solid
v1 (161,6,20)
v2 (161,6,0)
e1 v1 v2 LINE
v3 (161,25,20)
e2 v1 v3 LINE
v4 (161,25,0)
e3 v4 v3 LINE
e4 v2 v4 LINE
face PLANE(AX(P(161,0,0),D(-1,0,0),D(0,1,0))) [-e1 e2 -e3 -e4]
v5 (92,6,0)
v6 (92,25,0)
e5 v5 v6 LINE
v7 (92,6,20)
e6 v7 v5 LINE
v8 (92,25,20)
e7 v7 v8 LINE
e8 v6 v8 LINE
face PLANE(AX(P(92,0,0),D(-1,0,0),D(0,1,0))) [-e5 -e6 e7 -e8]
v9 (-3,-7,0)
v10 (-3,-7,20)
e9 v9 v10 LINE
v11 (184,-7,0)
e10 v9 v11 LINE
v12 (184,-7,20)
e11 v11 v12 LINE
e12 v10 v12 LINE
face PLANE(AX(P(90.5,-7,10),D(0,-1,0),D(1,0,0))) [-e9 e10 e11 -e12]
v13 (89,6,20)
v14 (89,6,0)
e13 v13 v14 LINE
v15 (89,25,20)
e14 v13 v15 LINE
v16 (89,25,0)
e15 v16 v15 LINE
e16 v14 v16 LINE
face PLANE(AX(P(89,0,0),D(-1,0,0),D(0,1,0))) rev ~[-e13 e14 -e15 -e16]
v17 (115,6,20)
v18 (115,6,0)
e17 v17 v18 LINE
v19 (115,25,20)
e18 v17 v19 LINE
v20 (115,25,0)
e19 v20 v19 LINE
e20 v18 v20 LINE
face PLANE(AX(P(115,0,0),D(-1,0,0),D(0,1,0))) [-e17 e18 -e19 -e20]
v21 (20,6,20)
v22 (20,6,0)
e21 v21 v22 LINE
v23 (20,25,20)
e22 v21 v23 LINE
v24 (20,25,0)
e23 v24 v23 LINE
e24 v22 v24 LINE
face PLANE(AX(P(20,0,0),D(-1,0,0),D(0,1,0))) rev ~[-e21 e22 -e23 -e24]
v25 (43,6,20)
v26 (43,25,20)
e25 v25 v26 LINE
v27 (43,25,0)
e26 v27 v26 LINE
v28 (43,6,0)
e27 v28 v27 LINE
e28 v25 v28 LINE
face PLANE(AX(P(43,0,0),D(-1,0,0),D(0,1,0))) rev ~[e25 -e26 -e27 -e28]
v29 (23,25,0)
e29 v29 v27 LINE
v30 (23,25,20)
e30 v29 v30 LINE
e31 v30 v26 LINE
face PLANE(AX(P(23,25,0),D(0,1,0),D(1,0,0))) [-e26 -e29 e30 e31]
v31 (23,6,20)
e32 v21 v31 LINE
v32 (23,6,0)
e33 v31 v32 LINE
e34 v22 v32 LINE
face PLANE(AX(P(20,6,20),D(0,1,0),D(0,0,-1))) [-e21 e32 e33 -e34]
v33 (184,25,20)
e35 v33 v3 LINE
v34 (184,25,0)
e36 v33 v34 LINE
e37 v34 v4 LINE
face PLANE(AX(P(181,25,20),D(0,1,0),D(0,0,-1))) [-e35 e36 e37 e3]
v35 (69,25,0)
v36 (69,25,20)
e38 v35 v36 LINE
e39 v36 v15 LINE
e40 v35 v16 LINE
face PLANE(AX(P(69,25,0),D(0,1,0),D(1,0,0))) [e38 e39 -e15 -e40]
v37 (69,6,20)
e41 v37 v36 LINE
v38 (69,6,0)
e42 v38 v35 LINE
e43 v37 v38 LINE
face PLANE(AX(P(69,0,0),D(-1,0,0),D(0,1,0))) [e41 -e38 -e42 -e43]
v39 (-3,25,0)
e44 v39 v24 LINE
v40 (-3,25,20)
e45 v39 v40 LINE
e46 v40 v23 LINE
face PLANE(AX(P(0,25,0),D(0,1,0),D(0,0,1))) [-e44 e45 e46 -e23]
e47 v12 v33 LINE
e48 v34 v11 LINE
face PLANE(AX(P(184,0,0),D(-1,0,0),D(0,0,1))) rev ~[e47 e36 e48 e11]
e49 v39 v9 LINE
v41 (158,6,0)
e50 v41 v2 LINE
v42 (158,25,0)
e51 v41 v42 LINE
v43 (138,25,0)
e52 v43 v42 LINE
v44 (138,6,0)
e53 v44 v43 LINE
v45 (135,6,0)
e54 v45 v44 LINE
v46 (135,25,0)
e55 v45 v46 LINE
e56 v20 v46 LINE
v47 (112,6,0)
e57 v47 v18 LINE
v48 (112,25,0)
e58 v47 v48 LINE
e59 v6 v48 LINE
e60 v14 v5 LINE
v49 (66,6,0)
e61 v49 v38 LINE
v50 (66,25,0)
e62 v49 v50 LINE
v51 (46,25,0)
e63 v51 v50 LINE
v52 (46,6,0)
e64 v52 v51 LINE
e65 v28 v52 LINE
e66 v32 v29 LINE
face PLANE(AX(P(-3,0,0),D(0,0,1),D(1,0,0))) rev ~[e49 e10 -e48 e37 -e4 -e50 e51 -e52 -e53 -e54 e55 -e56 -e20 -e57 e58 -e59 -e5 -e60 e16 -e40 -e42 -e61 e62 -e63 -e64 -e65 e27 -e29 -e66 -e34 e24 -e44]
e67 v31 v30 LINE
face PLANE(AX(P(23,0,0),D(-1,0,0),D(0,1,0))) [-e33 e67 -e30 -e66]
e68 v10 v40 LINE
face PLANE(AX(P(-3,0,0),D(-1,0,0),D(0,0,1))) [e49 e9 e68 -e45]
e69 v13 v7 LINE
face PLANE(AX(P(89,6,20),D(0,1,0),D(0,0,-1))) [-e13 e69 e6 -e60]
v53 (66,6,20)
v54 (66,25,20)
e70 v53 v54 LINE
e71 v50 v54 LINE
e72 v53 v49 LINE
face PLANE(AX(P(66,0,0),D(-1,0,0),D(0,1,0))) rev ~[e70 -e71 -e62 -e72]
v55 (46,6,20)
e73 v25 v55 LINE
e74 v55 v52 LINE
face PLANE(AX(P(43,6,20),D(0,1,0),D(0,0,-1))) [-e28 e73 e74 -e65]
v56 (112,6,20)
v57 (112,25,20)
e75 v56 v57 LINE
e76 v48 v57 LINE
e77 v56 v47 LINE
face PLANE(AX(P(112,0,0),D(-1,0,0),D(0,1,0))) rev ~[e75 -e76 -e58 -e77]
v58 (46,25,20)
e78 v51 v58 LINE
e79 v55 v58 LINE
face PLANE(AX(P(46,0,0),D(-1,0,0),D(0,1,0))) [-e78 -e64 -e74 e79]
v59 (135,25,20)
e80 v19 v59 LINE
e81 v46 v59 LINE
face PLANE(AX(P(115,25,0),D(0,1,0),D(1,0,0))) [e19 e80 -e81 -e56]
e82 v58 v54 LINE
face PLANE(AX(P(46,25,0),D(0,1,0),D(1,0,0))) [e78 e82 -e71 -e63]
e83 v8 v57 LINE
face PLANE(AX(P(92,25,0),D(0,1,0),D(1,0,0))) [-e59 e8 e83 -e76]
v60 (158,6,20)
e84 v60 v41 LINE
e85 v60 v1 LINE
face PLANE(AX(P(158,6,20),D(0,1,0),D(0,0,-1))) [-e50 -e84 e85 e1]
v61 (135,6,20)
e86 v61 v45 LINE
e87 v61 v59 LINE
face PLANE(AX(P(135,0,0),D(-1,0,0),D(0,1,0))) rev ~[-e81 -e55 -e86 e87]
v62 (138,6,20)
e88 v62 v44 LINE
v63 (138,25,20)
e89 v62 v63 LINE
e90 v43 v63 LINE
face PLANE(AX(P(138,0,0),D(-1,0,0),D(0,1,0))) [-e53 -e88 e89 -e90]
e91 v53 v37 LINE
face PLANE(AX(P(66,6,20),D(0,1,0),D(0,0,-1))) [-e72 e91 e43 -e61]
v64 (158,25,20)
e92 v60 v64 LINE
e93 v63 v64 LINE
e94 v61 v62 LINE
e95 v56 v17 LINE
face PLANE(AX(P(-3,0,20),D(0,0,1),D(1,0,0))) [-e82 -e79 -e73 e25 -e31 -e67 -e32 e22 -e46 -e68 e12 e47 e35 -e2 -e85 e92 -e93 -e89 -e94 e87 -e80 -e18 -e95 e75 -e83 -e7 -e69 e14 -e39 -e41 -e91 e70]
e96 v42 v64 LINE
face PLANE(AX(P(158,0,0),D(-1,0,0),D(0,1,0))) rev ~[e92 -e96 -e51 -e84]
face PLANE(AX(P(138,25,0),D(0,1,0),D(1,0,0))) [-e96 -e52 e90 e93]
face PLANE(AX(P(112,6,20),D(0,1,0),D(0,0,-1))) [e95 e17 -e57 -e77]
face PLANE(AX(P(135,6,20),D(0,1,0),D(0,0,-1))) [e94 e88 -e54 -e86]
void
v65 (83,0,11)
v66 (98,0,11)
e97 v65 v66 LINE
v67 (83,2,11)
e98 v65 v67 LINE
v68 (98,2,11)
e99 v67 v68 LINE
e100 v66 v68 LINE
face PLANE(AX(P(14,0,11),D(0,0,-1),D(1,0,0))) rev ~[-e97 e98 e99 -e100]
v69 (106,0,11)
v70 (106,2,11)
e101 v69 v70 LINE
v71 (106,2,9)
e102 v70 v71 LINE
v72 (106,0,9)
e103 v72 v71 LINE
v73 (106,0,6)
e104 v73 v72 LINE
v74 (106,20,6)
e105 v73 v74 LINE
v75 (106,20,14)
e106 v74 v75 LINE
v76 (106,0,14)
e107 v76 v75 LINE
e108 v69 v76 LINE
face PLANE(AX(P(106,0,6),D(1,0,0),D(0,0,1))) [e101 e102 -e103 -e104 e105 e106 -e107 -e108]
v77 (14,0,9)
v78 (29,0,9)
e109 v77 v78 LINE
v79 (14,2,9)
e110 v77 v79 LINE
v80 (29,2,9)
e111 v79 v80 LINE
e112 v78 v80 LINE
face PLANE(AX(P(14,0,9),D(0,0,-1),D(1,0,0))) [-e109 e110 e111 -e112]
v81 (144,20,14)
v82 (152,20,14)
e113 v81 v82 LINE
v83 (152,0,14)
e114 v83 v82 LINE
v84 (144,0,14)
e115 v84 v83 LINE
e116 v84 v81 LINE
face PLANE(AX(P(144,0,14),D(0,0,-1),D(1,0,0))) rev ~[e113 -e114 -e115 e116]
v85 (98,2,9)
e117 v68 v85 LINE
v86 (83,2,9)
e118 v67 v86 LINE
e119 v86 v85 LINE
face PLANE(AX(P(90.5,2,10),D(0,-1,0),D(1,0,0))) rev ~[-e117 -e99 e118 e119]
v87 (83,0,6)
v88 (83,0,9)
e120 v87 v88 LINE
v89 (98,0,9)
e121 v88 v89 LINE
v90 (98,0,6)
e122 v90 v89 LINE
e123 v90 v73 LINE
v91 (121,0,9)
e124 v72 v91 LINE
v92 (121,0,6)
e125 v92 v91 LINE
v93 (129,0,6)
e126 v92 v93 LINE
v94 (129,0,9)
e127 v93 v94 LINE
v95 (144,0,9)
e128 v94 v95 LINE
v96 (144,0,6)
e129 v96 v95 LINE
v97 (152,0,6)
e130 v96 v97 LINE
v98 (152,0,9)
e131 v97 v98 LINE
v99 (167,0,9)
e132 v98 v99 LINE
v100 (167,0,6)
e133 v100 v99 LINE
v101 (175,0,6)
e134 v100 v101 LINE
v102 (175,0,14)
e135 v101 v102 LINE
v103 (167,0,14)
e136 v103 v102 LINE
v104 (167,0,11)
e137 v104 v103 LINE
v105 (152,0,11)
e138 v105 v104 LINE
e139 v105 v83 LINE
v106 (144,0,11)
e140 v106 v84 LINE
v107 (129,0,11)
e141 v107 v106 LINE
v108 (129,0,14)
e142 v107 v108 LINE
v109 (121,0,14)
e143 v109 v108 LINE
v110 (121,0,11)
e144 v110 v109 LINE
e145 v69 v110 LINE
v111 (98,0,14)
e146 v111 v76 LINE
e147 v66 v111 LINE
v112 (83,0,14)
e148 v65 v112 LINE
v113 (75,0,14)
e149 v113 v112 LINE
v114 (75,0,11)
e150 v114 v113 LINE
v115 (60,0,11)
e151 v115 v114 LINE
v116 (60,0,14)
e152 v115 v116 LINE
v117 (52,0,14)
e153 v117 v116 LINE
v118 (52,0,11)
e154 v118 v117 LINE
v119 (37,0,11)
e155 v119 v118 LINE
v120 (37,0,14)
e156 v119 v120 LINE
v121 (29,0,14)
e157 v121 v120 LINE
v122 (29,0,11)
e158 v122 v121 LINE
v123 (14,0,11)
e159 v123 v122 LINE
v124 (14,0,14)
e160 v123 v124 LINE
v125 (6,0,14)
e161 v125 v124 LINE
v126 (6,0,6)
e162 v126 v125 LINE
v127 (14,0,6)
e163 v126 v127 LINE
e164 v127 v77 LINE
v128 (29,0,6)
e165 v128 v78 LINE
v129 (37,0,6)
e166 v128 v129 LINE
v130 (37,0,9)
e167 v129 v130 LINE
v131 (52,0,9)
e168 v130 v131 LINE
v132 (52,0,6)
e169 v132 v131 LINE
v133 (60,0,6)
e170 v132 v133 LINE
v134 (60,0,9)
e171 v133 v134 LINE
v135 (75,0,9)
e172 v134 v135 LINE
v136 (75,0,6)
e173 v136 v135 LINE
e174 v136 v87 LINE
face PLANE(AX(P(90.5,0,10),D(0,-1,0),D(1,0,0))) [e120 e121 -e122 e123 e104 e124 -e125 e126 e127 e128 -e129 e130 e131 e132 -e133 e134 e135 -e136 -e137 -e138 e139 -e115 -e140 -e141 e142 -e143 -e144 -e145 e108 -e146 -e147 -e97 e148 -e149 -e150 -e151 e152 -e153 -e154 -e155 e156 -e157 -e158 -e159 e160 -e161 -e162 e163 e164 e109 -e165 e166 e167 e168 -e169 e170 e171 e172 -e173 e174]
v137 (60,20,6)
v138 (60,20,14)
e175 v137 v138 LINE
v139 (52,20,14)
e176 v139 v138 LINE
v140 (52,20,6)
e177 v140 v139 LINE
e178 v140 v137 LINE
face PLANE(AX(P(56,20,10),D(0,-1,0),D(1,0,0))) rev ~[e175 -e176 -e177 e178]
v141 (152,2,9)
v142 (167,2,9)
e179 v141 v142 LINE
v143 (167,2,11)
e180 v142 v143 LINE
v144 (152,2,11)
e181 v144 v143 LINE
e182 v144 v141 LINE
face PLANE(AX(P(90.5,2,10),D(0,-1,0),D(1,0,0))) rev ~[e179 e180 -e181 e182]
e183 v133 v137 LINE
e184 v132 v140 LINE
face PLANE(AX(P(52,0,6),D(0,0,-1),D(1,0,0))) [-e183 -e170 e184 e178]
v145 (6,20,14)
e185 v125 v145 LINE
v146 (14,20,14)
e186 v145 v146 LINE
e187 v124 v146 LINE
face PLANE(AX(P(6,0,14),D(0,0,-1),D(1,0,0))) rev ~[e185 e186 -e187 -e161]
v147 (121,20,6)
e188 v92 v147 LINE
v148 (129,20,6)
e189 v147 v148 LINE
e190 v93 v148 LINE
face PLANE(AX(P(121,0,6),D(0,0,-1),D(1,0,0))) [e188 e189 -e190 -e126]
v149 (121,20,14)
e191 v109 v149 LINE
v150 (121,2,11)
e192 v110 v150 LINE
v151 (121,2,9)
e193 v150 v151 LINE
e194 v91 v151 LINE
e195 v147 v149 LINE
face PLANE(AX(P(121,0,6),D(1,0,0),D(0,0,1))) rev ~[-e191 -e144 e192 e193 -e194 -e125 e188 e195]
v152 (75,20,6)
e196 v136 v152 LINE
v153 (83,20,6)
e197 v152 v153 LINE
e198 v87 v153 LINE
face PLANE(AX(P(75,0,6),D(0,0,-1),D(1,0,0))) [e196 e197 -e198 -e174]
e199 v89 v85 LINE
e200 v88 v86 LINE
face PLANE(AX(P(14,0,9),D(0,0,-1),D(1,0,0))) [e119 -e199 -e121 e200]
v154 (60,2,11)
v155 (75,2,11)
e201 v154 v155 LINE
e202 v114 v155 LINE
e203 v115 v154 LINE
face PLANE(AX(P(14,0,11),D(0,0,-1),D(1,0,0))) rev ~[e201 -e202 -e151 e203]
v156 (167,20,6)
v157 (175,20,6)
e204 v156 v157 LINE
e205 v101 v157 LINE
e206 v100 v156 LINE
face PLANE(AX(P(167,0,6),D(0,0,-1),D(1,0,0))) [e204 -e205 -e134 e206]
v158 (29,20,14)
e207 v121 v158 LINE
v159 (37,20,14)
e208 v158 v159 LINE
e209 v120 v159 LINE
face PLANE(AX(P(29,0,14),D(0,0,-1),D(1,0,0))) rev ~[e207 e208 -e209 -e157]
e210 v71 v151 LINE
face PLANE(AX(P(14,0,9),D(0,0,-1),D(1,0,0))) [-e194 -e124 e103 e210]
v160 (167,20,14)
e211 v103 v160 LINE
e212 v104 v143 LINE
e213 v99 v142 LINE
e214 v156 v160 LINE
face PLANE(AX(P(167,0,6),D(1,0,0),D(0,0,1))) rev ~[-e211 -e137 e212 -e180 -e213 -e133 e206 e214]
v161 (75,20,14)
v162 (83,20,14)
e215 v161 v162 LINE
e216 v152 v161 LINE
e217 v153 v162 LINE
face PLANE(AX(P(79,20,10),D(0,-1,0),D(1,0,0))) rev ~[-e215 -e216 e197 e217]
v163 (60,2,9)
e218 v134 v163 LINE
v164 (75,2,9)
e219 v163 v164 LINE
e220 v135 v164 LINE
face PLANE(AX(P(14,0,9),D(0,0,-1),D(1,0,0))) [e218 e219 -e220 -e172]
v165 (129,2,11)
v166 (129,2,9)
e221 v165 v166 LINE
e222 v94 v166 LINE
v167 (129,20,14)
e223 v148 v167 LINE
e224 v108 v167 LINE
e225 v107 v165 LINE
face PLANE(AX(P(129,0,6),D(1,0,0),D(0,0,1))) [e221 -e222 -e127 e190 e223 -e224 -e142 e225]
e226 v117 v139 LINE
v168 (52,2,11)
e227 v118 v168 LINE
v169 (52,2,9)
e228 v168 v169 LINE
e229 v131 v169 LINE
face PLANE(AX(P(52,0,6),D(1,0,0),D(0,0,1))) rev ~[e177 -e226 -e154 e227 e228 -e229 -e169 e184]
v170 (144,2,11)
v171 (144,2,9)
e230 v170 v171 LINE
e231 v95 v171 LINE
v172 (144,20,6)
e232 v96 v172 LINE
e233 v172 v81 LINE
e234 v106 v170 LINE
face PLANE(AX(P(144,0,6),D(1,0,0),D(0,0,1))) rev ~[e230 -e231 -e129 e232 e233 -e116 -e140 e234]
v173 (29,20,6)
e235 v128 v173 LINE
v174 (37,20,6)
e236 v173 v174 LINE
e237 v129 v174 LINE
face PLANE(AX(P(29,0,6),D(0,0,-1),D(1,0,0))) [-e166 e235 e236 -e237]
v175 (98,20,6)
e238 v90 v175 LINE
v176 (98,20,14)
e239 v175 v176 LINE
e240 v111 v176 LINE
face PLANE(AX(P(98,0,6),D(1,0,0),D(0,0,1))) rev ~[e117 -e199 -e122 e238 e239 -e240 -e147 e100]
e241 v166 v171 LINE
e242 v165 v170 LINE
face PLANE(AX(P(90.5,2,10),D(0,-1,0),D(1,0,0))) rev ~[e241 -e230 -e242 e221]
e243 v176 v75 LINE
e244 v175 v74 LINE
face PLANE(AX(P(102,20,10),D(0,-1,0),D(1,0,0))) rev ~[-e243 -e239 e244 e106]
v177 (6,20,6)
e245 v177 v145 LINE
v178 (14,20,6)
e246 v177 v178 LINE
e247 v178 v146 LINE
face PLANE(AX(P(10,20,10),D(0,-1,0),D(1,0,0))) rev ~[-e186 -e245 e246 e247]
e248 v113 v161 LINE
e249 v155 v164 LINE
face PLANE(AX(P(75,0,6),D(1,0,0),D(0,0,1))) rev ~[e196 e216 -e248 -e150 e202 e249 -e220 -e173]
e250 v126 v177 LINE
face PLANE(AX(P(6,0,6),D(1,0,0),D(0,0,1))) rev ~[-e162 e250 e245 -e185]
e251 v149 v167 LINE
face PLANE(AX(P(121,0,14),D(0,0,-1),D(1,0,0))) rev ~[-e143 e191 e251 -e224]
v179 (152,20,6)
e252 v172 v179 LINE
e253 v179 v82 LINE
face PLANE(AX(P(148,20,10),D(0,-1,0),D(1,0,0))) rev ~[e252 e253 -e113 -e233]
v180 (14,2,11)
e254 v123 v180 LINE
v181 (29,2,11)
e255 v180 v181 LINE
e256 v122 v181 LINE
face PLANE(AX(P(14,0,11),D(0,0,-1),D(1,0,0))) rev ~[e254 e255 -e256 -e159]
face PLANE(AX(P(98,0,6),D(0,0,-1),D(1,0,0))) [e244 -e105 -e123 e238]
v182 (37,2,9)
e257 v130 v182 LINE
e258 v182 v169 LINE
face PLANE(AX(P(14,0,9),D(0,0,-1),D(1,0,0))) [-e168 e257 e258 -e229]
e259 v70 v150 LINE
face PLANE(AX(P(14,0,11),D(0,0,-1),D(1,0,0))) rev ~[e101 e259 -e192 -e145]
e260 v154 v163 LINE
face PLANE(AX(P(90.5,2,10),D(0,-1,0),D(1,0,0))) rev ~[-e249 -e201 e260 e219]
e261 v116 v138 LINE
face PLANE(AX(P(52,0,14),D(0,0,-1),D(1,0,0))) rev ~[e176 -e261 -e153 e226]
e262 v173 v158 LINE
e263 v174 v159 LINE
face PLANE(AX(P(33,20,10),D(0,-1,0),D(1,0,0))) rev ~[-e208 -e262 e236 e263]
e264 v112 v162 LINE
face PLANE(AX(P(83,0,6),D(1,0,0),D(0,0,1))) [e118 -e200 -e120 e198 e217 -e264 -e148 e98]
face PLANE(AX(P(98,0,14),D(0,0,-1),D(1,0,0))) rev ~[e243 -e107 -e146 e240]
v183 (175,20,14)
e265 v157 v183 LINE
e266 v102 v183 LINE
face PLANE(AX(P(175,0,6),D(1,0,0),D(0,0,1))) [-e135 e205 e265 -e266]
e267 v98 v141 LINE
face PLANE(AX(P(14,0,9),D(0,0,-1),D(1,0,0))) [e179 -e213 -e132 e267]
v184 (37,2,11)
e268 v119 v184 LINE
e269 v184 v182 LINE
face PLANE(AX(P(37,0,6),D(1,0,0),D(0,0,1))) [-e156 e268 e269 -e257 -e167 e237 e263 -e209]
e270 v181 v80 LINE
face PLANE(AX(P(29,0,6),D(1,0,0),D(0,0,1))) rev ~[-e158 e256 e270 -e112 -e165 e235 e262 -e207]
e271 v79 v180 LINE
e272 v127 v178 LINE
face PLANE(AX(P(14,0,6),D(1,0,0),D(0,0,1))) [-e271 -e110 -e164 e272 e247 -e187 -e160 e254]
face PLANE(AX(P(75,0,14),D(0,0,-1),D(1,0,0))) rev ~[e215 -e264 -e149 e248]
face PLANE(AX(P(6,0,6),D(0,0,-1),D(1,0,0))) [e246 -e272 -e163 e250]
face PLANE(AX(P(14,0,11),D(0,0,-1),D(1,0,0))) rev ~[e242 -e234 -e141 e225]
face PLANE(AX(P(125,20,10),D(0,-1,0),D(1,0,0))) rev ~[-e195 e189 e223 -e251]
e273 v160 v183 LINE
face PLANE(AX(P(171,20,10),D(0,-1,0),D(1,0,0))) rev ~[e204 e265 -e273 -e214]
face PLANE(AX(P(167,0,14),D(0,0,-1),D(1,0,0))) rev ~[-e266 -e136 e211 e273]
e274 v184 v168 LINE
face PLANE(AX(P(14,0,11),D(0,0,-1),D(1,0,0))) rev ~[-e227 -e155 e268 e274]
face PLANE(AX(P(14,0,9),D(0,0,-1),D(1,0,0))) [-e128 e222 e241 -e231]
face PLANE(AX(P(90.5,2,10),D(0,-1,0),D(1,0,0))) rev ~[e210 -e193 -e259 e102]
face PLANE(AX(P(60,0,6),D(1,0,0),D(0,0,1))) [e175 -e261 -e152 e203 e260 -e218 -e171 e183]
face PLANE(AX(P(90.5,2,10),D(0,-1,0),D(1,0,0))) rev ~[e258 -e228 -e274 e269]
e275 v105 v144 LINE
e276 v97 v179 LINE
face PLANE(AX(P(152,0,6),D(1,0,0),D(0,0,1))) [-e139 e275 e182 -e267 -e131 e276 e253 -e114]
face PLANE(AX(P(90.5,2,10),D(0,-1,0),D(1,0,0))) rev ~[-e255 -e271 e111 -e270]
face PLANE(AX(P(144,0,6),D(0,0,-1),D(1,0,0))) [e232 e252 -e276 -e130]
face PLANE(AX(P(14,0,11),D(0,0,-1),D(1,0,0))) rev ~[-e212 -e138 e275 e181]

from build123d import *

# Parameters (mm, degrees)
SKETCH1_W           = 20
SKETCH1_H           = 25
BOSS_EXTRUDE1_DEPTH = 20
SKETCH2_W           = 8
SKETCH2_H           = 8
CUT_EXTRUDE1_DEPTH  = 20
SKETCH3_W           = 20
SKETCH3_H           = 6
BOSS_EXTRUDE2_DEPTH = 3
LPATTERN1_COUNT     = 8
LPATTERN1_PITCH     = 23
SKETCH4_W           = 20
SKETCH4_H           = 19
BOSS_EXTRUDE3_DEPTH = 3
SKETCH5_W           = 20
SKETCH5_H           = 25
BOSS_EXTRUDE4_DEPTH = 3
SKETCH6_W           = 153
SKETCH6_H           = 2
CUT_EXTRUDE2_DEPTH  = 2
SKETCH7_W           = 187
SKETCH7_H           = 20
BOSS_EXTRUDE5_DEPTH = 7


with BuildPart() as part:
    # Sketch1 → Boss-Extrude1 (new body)
    with BuildSketch(Plane.XY):
        with Locations((10, 12.5)):
            Rectangle(SKETCH1_W, SKETCH1_H)
    extrude(amount=BOSS_EXTRUDE1_DEPTH)

    # Sketch2 → Cut-Extrude1 (cut)
    with BuildSketch(Plane.XZ):
        with Locations((10, 10)):
            Rectangle(SKETCH2_W, SKETCH2_H)
    extrude(amount=-CUT_EXTRUDE1_DEPTH, mode=Mode.SUBTRACT)

    # Sketch3 → Boss-Extrude2 (add)
    with BuildSketch(Plane(origin=(20, 0, 0), x_dir=(0, 0, -1), z_dir=(1, 0, 0))):
        with Locations((-10, 3)):
            Rectangle(SKETCH3_W, SKETCH3_H)
    extrude(amount=BOSS_EXTRUDE2_DEPTH)


with BuildPart() as lpattern1_1:
    # LPattern1: pattern copy
    add(part.part.moved(Location(Vector(1, 0, 0) * (1 * LPATTERN1_PITCH))))


with BuildPart() as lpattern1_2:
    # LPattern1: pattern copy
    add(part.part.moved(Location(Vector(1, 0, 0) * (2 * LPATTERN1_PITCH))))


with BuildPart() as lpattern1_3:
    # LPattern1: pattern copy
    add(part.part.moved(Location(Vector(1, 0, 0) * (3 * LPATTERN1_PITCH))))


with BuildPart() as lpattern1_4:
    # LPattern1: pattern copy
    add(part.part.moved(Location(Vector(1, 0, 0) * (4 * LPATTERN1_PITCH))))


with BuildPart() as lpattern1_5:
    # LPattern1: pattern copy
    add(part.part.moved(Location(Vector(1, 0, 0) * (5 * LPATTERN1_PITCH))))


with BuildPart() as lpattern1_6:
    # LPattern1: pattern copy
    add(part.part.moved(Location(Vector(1, 0, 0) * (6 * LPATTERN1_PITCH))))


with BuildPart() as lpattern1_7:
    # LPattern1: pattern copy
    add(part.part.moved(Location(Vector(1, 0, 0) * (7 * LPATTERN1_PITCH))))


with BuildPart() as lpattern1_1_1:
    add(lpattern1_1.part)

    # Combine1: union LPattern1_2, LPattern1_3, part, LPattern1_4, LPattern1_5, LPattern1_6, LPattern1_7
    add(lpattern1_2.part)
    add(lpattern1_3.part)
    add(part.part)
    add(lpattern1_4.part)
    add(lpattern1_5.part)
    add(lpattern1_6.part)
    add(lpattern1_7.part)

    # Sketch4 → Boss-Extrude3 (add)
    with BuildSketch(Plane(origin=(181, 0, 0), x_dir=(0, 0, -1), z_dir=(1, 0, 0))):
        with Locations((-10, 15.5)):
            Rectangle(SKETCH4_W, SKETCH4_H)
    extrude(amount=BOSS_EXTRUDE3_DEPTH)

    # Sketch5 → Boss-Extrude4 (add)
    with BuildSketch(Plane.ZY):
        with Locations((10, 12.5)):
            Rectangle(SKETCH5_W, SKETCH5_H)
    extrude(amount=BOSS_EXTRUDE4_DEPTH)

    # Sketch6 → Cut-Extrude2 (cut)
    with BuildSketch(Plane.XZ):
        with Locations((90.5, 10)):
            Rectangle(SKETCH6_W, SKETCH6_H)
    extrude(amount=-CUT_EXTRUDE2_DEPTH, mode=Mode.SUBTRACT)

    # Sketch7 → Boss-Extrude5 (add)
    with BuildSketch(Plane.XZ):
        with Locations((90.5, 10)):
            Rectangle(SKETCH7_W, SKETCH7_H)
    extrude(amount=BOSS_EXTRUDE5_DEPTH)


solid = lpattern1_1_1.part
